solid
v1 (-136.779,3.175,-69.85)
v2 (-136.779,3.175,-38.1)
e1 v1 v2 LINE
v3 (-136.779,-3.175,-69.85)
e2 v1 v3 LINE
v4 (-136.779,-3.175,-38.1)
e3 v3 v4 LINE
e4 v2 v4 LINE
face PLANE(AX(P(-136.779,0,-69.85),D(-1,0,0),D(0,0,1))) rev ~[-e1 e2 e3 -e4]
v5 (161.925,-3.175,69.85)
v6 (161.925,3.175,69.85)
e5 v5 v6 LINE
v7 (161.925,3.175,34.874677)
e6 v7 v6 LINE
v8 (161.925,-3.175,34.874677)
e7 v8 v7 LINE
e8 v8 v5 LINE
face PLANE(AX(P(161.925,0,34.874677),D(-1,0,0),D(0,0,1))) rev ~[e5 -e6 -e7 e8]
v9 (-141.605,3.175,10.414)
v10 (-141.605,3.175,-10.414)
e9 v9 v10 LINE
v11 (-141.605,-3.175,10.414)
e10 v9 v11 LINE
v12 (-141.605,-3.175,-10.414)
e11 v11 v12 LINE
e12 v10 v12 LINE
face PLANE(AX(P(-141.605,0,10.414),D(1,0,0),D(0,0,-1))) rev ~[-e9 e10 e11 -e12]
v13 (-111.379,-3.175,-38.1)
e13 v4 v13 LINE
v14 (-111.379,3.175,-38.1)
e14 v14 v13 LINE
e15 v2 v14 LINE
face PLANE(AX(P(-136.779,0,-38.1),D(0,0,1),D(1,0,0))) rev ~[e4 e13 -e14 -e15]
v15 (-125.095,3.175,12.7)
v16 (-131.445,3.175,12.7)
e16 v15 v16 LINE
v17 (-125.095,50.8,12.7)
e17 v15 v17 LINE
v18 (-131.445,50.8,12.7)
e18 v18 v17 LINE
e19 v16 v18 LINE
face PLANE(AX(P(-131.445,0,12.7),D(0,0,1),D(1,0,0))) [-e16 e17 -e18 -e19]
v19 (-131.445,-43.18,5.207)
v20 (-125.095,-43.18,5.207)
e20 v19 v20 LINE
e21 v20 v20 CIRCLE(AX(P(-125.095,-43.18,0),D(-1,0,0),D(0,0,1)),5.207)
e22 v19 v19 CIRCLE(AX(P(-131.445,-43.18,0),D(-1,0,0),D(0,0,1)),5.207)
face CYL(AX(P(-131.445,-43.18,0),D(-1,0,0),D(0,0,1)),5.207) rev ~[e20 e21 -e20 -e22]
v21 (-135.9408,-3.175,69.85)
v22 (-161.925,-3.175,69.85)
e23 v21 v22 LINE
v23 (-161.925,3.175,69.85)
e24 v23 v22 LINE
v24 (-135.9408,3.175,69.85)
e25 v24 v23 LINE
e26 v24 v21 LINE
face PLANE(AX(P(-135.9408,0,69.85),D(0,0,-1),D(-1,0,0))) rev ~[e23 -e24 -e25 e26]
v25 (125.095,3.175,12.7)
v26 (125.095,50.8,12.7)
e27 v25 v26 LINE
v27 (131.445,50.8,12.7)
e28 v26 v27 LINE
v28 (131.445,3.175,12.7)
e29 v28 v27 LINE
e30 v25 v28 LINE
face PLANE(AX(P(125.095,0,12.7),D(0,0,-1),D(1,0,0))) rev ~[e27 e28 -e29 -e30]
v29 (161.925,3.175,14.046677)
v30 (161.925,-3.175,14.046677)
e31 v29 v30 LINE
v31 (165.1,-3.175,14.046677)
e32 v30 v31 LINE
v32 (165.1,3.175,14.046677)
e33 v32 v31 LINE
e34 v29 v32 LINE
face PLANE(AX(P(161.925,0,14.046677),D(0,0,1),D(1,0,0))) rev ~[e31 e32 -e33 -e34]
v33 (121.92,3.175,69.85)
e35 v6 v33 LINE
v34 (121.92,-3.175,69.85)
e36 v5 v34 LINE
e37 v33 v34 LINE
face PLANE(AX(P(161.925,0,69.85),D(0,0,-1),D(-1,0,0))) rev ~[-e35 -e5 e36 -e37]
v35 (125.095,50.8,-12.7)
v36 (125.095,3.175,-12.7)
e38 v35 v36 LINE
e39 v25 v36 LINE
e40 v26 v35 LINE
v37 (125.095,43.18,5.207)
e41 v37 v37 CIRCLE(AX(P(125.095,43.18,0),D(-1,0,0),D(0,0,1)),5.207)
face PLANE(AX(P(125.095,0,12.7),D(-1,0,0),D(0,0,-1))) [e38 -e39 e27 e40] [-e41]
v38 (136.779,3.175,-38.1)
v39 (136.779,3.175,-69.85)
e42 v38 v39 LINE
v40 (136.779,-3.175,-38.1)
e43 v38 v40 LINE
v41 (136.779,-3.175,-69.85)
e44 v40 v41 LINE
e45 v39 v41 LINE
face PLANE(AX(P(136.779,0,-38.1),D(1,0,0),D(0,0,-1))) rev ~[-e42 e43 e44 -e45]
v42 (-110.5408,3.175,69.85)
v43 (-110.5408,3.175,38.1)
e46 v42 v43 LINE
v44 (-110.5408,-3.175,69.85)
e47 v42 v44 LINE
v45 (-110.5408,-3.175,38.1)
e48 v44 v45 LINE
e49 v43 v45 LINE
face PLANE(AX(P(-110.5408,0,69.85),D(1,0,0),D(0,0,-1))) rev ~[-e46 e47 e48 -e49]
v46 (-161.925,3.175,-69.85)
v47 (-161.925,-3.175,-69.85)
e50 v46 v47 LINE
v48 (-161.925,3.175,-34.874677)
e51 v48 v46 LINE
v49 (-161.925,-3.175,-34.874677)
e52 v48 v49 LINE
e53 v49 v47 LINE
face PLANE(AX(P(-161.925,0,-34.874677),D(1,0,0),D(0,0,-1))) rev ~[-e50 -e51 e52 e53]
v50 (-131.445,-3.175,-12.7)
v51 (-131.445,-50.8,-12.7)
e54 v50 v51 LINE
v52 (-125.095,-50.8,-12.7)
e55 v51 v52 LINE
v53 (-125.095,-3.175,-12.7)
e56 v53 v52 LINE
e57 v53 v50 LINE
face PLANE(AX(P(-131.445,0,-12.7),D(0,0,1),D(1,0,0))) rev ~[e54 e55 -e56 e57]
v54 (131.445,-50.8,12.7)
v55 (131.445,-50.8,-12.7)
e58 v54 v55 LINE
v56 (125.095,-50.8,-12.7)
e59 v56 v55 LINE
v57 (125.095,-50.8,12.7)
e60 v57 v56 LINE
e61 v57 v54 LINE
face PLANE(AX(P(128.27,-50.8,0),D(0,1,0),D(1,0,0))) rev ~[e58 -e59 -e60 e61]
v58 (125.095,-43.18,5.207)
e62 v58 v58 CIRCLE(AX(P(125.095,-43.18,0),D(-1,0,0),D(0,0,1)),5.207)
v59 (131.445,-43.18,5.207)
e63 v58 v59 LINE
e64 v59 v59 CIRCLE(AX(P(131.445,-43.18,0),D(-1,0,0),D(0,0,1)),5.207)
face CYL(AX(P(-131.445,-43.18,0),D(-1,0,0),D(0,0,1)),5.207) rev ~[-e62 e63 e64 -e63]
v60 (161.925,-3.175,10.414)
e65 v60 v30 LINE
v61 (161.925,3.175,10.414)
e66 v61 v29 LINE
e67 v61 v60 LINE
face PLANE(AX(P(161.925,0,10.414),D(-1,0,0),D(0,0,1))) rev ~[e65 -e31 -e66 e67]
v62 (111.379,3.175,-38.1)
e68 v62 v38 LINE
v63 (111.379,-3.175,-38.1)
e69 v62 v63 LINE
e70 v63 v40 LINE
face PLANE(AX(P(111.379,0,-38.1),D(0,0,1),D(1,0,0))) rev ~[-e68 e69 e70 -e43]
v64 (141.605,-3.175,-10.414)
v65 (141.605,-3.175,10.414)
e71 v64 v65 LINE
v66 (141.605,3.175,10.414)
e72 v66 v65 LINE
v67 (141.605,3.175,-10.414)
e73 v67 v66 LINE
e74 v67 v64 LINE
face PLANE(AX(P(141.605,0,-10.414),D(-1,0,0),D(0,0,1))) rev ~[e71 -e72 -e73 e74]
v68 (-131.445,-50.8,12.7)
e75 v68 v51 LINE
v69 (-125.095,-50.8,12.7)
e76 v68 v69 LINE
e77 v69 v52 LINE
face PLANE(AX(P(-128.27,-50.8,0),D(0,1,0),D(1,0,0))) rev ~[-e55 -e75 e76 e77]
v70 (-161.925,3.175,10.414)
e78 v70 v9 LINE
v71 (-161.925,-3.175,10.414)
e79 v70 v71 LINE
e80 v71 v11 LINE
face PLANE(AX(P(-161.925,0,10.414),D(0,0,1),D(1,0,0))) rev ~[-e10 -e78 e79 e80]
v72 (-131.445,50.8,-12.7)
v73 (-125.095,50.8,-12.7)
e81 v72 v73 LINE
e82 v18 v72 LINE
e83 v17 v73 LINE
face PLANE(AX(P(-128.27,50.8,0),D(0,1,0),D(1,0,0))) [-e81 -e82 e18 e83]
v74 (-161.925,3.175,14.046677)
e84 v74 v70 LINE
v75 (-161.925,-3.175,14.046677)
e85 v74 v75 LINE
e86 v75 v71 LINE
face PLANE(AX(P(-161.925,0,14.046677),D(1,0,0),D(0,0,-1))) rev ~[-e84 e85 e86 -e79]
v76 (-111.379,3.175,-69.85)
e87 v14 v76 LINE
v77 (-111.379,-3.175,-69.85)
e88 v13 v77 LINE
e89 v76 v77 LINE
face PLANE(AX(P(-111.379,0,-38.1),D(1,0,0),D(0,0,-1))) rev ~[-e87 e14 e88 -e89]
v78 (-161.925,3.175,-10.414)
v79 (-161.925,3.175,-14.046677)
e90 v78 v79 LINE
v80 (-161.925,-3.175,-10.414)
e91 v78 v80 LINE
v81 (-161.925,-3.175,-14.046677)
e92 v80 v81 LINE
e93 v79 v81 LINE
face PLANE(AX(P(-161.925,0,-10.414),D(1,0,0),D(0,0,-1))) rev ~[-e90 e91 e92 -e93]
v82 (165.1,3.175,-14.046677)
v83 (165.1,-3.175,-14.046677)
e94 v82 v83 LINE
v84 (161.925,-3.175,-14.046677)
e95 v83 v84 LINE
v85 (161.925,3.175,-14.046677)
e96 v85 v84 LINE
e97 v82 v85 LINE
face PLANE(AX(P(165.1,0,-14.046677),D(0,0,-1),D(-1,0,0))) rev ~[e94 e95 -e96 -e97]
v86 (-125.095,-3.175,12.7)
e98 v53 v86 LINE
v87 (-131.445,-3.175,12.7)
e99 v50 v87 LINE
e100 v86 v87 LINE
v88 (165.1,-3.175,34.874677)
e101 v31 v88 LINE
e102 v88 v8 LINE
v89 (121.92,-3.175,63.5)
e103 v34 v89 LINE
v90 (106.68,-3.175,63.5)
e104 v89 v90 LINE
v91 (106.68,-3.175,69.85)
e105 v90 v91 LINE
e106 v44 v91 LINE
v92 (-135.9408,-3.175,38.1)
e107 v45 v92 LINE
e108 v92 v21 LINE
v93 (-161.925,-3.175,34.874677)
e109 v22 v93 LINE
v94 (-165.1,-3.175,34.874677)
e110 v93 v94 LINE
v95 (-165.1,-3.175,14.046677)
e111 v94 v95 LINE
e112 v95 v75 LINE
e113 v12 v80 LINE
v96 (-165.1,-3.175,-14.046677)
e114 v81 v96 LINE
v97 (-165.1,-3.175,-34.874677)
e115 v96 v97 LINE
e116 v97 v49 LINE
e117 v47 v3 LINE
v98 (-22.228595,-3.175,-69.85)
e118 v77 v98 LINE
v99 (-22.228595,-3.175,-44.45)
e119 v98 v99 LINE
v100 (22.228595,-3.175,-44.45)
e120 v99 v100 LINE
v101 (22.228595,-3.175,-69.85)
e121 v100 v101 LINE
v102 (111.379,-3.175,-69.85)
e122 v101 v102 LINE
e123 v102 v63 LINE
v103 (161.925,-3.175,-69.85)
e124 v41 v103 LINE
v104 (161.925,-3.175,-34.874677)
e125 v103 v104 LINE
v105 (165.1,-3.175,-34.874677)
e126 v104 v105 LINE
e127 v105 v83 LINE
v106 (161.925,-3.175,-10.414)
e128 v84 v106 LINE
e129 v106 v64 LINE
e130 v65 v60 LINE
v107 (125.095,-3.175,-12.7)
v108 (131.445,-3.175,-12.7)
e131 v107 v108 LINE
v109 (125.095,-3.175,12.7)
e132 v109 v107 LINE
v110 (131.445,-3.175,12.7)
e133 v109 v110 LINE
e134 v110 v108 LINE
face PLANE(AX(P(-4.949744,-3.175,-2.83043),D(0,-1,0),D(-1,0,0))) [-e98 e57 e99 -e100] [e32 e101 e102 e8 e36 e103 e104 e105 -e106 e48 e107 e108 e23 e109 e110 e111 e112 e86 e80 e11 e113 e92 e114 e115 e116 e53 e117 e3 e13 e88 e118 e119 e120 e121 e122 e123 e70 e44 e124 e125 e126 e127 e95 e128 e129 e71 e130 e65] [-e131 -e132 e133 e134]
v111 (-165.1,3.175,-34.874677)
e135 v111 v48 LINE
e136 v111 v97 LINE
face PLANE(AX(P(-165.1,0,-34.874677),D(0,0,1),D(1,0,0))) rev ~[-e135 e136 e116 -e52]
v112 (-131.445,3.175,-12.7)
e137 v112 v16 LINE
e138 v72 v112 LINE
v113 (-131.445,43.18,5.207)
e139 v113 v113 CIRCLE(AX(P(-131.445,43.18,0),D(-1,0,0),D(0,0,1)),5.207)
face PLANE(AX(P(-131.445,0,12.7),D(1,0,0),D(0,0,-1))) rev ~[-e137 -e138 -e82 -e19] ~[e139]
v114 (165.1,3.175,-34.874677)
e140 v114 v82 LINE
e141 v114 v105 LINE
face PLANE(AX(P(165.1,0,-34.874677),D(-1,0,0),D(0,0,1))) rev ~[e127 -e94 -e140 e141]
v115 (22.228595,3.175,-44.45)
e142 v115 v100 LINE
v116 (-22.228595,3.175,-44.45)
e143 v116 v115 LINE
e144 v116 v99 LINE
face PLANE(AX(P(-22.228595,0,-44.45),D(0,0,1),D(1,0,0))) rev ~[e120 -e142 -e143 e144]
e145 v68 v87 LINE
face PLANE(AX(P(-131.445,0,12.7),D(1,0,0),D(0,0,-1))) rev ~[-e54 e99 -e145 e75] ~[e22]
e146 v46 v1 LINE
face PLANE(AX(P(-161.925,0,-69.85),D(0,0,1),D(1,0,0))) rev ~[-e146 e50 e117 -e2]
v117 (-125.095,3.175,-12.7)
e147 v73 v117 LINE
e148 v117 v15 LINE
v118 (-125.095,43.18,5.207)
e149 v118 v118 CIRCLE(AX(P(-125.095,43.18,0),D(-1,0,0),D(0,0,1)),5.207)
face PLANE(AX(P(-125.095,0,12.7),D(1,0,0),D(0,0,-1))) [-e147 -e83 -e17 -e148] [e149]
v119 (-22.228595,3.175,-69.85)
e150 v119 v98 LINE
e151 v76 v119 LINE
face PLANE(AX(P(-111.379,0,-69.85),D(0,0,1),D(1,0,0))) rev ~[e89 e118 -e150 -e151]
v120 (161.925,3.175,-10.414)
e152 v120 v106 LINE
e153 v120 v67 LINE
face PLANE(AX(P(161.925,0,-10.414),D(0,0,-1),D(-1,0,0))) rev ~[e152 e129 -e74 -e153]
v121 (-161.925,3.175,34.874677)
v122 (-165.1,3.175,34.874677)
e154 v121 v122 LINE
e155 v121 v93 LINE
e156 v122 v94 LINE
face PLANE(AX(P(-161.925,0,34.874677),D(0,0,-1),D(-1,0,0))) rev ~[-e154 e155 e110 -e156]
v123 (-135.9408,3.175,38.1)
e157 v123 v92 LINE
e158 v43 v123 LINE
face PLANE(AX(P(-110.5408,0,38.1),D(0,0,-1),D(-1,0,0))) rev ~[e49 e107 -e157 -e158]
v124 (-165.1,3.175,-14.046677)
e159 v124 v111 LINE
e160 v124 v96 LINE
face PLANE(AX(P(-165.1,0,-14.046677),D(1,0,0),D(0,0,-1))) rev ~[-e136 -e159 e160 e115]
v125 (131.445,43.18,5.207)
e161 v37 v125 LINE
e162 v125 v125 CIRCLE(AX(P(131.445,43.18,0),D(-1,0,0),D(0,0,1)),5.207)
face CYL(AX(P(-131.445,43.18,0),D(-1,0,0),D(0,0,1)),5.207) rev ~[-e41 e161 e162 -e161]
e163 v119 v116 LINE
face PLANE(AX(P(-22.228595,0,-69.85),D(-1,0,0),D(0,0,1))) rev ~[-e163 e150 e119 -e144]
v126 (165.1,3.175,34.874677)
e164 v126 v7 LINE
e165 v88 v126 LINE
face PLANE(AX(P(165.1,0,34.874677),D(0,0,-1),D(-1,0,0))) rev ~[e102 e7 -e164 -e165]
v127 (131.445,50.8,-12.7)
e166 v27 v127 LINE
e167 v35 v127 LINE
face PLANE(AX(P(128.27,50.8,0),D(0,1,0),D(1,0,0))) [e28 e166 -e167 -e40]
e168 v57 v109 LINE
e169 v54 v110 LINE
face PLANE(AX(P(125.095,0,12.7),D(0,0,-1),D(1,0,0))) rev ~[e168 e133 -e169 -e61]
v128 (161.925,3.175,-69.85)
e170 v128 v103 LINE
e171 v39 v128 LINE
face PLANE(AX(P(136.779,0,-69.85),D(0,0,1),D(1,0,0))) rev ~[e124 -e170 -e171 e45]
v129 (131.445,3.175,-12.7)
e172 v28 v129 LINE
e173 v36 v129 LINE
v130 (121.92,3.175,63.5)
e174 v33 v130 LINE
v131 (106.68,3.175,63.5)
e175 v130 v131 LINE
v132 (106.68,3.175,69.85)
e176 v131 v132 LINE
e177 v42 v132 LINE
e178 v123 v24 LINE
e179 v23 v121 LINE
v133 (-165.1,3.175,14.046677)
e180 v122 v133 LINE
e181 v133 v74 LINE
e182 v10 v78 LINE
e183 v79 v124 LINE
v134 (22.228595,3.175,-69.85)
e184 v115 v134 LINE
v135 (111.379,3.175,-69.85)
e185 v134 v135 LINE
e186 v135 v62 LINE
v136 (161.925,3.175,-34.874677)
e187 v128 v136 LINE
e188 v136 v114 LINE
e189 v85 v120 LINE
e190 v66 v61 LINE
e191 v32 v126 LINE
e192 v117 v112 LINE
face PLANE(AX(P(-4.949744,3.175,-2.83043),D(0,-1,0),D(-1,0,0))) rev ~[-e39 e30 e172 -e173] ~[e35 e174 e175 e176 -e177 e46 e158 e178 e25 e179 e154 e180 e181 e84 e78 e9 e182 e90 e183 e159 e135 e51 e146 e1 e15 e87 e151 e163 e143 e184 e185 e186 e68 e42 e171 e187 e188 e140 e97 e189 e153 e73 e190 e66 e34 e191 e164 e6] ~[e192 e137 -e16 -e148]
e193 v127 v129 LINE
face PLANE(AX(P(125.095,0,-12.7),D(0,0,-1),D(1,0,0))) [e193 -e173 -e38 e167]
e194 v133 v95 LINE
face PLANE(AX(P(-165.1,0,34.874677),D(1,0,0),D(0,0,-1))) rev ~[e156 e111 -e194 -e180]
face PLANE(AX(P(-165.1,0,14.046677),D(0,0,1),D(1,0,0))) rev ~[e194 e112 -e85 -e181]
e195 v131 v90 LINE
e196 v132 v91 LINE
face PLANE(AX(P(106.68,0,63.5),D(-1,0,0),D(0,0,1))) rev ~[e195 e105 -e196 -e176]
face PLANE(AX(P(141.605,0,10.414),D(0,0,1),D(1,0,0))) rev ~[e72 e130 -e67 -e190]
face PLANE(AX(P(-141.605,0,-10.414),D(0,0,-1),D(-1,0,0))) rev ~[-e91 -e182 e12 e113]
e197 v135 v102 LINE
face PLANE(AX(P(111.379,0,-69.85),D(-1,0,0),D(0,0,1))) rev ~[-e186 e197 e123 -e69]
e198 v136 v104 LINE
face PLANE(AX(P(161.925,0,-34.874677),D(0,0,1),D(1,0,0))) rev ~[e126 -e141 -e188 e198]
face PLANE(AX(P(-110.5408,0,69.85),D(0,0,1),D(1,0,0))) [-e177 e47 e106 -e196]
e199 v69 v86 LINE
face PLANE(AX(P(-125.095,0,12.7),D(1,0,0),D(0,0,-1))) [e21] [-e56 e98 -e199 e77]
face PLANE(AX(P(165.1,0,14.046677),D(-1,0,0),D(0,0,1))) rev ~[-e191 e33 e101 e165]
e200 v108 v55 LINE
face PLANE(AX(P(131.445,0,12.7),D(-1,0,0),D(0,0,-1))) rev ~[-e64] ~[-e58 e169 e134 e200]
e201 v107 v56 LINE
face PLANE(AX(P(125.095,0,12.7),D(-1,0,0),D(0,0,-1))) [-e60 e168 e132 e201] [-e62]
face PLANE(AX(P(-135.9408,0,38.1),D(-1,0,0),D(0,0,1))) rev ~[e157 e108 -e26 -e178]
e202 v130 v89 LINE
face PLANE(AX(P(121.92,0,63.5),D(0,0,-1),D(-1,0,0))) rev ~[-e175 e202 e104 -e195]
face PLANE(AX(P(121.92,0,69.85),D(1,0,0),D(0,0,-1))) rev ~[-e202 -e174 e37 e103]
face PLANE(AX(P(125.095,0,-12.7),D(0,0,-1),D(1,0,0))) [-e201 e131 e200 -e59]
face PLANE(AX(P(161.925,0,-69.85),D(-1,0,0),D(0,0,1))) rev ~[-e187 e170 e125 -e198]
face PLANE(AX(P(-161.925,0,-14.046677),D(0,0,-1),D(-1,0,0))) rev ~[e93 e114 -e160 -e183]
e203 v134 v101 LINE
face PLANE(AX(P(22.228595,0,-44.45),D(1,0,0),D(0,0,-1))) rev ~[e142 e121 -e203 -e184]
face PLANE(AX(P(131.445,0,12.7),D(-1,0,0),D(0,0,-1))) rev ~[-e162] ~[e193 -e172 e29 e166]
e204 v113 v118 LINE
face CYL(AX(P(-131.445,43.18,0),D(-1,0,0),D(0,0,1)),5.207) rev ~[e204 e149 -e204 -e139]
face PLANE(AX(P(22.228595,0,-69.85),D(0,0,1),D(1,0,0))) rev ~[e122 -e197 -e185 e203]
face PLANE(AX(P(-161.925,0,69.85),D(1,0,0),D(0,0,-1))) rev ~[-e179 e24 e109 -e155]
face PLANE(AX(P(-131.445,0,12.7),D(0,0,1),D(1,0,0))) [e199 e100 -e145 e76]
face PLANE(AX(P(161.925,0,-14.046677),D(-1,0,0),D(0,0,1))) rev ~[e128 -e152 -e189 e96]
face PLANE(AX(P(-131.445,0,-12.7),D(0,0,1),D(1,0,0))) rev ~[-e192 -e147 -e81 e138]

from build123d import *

# Parameters (mm, degrees)
BOSS_EXTRUDE1_DEPTH     = 3.175
SKETCH2_W               = 6.35
SKETCH2_H               = 25.4
BOSS_EXTRUDE2_DEPTH     = 50.8
SKETCH3_R               = 5.207
CUT_EXTRUDE1_DEPTH      = 34.655
CUT_EXTRUDE1_DEPTH_BACK = 297.545


with BuildPart() as part:
    # Sketch1 → Boss-Extrude1 (new body, symmetric)
    with BuildSketch(Plane(origin=(0, 0, 0), x_dir=(1, 0, 0), z_dir=(0, 1, 0))):
        Polygon((161.925, -69.85), (121.92, -69.85), (121.92, -63.5), (106.68, -63.5), (106.68, -69.85), (-106.68, -69.85), (-110.5408, -69.85), (-110.5408, -38.1), (-135.9408, -38.1), (-135.9408, -69.85), (-161.925, -69.85), (-161.925, -34.874677354), (-165.1, -34.874677354), (-165.1, -14.046677354), (-161.925, -14.046677354), (-161.925, -10.414), (-141.605, -10.414), (-141.605, 10.414), (-161.925, 10.414), (-161.925, 14.046677354), (-165.1, 14.046677354), (-165.1, 34.874677354), (-161.925, 34.874677354), (-161.925, 69.85), (-136.779, 69.85), (-136.779, 38.1), (-111.379, 38.1), (-111.379, 69.85), (-22.228595254, 69.85), (-22.228595254, 44.45), (22.228595254, 44.45), (22.228595254, 69.85), (111.379, 69.85), (111.379, 38.1), (136.779, 38.1), (136.779, 69.85), (161.925, 69.85), (161.925, 34.874677354), (165.1, 34.874677354), (165.1, 14.046677354), (161.925, 14.046677354), (161.925, 10.414), (141.605, 10.414), (141.605, -10.414), (161.925, -10.414), (161.925, -14.046677354), (165.1, -14.046677354), (165.1, -34.874677354), (161.925, -34.874677354), align=None)
    extrude(amount=BOSS_EXTRUDE1_DEPTH, both=True)

    # Sketch2 → Boss-Extrude2 (add, symmetric)
    with BuildSketch(Plane(origin=(0, 0, 0), x_dir=(1, 0, 0), z_dir=(0, 1, 0))):
        with Locations((128.27, 0)):
            Rectangle(SKETCH2_W, SKETCH2_H)
        with Locations((-128.27, 0)):
            Rectangle(SKETCH2_W, SKETCH2_H)
    extrude(amount=BOSS_EXTRUDE2_DEPTH, both=True)

    # Sketch3 → Cut-Extrude1 (cut, two sides)
    with BuildSketch(Plane.ZY.offset(131.445)) as cut_extrude1_sk:
        with Locations((0, 43.18)):
            Circle(SKETCH3_R)
        with Locations((0, -43.18)):
            Circle(SKETCH3_R)
    extrude(amount=CUT_EXTRUDE1_DEPTH, mode=Mode.SUBTRACT)
    extrude(cut_extrude1_sk.sketch, amount=-CUT_EXTRUDE1_DEPTH_BACK, mode=Mode.SUBTRACT)


solid = part.part
